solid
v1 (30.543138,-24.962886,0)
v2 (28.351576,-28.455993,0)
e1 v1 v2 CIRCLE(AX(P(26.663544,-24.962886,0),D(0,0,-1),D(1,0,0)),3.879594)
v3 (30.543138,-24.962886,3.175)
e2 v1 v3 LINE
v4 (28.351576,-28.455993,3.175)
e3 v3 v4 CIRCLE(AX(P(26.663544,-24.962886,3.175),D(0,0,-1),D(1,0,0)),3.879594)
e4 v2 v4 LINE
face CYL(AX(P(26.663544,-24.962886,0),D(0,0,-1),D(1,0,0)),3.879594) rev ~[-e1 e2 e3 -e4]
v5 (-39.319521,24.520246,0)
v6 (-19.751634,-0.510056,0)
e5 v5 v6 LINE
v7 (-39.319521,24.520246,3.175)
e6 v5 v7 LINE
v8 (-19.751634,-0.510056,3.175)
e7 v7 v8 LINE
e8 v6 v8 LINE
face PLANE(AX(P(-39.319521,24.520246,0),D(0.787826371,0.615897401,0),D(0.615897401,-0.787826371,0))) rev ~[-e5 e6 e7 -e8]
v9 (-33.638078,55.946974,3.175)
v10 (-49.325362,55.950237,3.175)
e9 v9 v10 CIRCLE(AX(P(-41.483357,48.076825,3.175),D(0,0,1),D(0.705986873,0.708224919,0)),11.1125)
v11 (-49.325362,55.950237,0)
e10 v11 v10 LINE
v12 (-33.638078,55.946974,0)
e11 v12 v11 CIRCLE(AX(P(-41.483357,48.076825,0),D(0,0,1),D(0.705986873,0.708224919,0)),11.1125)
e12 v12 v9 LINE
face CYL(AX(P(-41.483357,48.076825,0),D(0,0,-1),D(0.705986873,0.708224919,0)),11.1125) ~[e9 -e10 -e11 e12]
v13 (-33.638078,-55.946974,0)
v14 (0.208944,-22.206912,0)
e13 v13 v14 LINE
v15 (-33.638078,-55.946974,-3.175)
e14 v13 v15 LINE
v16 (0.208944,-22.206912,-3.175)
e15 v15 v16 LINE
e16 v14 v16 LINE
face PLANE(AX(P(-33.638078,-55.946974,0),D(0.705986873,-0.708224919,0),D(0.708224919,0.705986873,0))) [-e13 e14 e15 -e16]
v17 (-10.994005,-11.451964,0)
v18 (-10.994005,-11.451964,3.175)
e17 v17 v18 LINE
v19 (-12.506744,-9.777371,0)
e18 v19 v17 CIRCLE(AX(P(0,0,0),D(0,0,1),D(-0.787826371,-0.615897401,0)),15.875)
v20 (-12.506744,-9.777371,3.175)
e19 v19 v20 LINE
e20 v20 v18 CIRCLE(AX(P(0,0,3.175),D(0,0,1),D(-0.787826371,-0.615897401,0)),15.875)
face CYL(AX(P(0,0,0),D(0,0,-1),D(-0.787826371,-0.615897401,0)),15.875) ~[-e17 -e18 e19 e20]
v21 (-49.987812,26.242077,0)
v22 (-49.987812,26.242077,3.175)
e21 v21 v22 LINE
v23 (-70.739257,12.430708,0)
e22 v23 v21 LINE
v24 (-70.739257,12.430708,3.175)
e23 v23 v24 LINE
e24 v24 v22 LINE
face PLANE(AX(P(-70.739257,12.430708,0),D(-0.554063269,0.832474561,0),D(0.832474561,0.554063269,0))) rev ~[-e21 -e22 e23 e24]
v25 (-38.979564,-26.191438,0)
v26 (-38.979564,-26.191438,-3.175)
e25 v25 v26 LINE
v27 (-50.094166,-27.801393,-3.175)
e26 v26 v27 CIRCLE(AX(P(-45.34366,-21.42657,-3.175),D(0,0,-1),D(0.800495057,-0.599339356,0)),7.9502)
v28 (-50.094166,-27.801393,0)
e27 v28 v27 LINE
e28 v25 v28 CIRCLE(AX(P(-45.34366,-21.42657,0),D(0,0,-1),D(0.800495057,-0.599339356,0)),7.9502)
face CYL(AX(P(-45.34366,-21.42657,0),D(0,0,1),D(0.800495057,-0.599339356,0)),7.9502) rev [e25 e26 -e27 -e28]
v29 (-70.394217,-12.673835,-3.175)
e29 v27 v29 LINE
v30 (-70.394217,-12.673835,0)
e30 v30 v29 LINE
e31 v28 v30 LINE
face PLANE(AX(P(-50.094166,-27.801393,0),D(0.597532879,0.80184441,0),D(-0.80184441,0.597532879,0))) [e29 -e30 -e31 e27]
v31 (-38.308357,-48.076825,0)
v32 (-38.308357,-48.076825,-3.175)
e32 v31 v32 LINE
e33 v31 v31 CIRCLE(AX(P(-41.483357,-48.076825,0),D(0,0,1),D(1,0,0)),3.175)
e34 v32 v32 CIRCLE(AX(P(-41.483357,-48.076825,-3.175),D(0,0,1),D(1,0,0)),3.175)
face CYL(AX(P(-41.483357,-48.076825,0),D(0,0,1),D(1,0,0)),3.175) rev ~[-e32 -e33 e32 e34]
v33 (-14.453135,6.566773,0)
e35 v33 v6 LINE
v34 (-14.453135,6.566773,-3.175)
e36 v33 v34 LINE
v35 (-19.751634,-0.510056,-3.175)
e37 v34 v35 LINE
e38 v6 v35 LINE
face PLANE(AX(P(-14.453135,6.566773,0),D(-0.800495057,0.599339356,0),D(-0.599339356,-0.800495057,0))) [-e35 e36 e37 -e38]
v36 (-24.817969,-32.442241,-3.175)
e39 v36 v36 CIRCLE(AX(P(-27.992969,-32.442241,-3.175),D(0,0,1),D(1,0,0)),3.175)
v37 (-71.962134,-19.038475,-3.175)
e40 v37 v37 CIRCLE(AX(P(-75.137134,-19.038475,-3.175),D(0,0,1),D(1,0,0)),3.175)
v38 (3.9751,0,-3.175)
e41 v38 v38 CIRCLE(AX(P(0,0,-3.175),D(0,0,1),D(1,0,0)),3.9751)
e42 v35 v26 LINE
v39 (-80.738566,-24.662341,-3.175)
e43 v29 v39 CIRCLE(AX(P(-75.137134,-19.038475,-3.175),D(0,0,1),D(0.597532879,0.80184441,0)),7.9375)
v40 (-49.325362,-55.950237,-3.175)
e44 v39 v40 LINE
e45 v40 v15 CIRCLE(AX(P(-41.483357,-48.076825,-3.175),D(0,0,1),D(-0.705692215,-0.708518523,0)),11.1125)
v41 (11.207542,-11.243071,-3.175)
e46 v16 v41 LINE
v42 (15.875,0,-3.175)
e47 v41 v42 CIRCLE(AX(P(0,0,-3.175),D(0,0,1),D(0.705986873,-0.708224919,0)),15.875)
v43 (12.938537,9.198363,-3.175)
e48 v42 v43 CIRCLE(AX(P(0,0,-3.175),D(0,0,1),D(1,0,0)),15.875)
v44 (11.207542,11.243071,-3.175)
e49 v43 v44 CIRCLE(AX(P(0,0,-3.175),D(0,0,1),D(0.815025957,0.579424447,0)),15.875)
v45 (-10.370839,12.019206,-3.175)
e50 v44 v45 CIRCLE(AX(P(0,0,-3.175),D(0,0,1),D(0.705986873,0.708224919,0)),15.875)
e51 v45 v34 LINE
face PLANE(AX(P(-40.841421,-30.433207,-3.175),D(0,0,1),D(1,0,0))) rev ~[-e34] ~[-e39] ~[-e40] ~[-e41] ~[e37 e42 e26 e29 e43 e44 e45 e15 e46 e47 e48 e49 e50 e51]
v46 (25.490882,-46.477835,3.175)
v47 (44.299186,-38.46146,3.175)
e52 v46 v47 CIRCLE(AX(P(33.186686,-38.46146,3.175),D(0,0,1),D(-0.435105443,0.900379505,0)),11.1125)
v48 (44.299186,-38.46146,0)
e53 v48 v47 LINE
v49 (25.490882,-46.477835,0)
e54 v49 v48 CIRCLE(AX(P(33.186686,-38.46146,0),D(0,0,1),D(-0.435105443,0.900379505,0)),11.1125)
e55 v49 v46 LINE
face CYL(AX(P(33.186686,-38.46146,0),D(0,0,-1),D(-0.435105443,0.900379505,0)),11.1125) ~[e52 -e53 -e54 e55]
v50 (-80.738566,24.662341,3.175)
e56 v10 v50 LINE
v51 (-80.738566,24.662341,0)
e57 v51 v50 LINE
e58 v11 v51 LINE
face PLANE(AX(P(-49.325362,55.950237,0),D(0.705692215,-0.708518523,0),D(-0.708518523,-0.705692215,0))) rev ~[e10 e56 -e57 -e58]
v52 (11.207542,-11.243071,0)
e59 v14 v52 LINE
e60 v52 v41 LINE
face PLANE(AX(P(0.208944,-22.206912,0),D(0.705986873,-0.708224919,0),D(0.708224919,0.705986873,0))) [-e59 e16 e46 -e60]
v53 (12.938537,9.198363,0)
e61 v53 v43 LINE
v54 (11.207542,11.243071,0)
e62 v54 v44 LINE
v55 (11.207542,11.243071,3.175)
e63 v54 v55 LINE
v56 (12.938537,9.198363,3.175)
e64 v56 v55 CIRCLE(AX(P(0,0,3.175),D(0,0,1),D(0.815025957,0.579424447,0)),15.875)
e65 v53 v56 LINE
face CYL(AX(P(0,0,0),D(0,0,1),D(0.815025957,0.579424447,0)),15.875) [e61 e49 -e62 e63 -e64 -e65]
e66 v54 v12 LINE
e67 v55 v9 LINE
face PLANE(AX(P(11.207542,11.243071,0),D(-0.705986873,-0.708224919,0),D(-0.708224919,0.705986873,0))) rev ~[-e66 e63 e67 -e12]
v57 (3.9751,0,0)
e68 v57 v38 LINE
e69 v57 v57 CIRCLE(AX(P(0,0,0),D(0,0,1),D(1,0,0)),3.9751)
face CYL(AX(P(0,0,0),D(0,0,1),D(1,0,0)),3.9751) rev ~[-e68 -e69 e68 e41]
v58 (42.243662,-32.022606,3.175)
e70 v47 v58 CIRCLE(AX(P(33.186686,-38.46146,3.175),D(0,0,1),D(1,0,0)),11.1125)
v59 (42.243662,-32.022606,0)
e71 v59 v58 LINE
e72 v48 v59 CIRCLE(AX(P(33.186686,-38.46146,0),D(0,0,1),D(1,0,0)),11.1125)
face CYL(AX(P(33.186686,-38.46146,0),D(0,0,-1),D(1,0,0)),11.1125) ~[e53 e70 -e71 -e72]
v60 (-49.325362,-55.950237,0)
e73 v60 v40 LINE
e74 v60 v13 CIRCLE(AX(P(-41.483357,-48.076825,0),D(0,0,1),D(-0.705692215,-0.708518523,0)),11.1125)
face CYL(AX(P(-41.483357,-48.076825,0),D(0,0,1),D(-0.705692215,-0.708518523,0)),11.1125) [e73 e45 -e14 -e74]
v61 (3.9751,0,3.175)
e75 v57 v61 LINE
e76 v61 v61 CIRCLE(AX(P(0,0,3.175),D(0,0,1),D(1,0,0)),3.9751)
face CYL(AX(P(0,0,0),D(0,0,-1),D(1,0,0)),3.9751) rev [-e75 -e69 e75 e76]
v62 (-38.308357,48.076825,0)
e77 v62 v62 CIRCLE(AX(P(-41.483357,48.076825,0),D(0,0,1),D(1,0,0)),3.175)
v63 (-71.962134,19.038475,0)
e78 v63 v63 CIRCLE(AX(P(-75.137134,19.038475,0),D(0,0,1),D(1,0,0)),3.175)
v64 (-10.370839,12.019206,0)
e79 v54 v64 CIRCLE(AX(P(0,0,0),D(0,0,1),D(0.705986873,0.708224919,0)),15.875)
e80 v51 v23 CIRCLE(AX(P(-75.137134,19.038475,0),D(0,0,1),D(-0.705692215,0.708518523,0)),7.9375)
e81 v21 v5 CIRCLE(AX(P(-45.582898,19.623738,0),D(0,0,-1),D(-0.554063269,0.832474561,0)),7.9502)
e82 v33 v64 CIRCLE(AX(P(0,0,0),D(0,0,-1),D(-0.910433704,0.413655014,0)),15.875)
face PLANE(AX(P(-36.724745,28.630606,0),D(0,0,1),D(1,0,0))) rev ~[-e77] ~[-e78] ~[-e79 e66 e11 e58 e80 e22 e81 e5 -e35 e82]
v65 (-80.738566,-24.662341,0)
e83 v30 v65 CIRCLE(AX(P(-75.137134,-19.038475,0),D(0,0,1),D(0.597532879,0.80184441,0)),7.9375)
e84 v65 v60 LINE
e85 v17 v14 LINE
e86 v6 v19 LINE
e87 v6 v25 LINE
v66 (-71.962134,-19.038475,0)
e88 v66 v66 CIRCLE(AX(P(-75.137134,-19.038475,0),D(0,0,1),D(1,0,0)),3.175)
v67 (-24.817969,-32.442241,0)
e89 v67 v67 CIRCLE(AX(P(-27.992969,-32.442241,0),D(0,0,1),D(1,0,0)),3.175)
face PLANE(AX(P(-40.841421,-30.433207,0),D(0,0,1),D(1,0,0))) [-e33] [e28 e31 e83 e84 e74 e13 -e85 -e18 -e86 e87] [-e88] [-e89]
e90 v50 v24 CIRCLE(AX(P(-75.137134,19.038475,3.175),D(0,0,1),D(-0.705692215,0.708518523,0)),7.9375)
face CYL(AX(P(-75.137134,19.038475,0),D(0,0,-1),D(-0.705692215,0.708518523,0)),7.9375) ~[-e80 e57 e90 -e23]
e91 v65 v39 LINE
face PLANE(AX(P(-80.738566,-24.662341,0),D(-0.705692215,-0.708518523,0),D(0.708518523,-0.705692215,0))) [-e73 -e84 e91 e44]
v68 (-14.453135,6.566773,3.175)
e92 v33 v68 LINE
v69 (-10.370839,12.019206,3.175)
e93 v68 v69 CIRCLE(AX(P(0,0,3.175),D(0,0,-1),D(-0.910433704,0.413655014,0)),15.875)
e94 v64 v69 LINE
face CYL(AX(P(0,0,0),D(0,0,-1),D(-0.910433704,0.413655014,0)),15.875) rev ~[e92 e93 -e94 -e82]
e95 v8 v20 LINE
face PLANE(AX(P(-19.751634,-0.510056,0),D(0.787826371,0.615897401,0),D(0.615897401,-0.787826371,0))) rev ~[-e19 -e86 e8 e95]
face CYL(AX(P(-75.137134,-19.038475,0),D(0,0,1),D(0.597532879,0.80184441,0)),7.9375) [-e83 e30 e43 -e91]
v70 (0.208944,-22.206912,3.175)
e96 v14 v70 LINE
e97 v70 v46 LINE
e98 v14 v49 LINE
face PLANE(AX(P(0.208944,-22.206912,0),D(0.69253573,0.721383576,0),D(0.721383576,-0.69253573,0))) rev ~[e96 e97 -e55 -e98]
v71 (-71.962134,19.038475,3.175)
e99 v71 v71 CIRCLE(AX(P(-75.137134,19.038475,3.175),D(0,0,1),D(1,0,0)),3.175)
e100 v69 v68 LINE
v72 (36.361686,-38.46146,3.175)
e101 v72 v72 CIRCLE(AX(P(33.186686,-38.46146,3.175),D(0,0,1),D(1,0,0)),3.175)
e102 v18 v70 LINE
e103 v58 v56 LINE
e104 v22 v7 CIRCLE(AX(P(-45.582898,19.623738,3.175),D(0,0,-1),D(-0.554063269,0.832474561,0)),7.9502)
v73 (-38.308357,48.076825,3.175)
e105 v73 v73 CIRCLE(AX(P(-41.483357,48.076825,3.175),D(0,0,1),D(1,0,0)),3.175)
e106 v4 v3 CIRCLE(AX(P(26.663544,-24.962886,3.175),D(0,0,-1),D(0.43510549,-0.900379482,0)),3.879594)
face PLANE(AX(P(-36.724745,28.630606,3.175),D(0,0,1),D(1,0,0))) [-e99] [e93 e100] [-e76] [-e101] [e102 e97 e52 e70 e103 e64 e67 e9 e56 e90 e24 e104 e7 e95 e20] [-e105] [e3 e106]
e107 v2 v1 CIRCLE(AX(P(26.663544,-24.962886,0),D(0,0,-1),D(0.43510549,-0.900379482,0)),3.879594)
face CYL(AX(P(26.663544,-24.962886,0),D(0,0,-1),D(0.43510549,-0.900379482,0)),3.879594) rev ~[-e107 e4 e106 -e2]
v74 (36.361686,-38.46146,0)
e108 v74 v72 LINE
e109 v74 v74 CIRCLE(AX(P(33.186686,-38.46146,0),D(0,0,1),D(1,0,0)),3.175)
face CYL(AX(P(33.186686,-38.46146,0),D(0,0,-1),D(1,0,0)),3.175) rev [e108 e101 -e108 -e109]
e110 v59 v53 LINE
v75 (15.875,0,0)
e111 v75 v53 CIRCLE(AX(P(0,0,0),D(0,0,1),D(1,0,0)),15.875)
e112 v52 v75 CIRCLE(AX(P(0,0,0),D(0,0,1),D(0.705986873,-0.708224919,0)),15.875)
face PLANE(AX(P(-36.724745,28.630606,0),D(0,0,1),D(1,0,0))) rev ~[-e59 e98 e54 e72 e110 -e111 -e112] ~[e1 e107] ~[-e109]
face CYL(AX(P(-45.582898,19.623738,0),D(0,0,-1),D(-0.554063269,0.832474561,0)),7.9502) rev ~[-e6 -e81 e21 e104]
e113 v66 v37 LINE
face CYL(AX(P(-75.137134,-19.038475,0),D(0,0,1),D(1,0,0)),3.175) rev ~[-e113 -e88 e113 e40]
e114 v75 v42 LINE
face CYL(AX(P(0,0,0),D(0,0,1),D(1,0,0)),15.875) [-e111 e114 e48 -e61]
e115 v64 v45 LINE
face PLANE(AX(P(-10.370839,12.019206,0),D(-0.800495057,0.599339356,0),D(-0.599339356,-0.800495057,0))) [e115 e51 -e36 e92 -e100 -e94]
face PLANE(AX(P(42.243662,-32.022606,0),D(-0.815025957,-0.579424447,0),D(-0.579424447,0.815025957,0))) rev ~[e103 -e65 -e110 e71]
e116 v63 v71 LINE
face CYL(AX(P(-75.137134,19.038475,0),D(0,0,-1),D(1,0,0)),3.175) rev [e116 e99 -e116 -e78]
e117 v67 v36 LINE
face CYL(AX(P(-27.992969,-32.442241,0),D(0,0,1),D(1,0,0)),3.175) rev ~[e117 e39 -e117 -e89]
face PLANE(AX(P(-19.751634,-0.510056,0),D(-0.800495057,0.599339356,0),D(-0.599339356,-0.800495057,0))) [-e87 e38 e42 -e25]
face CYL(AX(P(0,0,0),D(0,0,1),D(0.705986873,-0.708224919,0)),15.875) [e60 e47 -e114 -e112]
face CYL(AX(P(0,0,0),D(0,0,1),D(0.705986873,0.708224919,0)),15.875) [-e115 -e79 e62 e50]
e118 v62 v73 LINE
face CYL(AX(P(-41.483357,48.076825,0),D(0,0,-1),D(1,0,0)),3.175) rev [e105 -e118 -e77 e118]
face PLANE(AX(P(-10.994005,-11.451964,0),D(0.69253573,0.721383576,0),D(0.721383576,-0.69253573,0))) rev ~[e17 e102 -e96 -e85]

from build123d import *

# Parameters (mm, degrees)
F0_R     = 3.175
F0_R_2   = 3.9751
F1_DEPTH = 3.175
F0_R_3   = 4.7847729389
F2_DEPTH = 3.175


with BuildPart() as f1:
    # F0 (on Top) → F1 (new body)
    with BuildSketch(Plane.XY):
        with BuildLine():
            ThreePointArc((-10.3708392388, 12.0192062335), (0.5706262755, 15.8647411152), (11.2075416019, 11.2430705877))
            Line((11.2075416019, 11.2430705877), (-33.638077834, 55.9469743452))
            ThreePointArc((-33.638077834, 55.9469743452), (-31.2201137914, 52.3375168972), (-30.3708569553, 48.0768249338))
            ThreePointArc((-30.3708569553, 48.0768249338), (-45.7461833983, 37.8144681398), (-49.3253616963, 55.9502370208))
            Line((-49.3253616963, 55.9502370208), (-80.7385663669, 24.6623408415))
            ThreePointArc((-80.7385663669, 24.6623408415), (-72.0922583783, 26.3687299179), (-67.199634409, 19.0384750651))
            ThreePointArc((-67.199634409, 19.0384750651), (-68.1402759538, 15.2904251711), (-70.7392572141, 12.4307082389))
            Line((-70.7392572141, 12.4307082389), (-49.9878120816, 26.2420774519))
            ThreePointArc((-49.9878120816, 26.2420774519), (-44.3161513857, 27.4723707127), (-39.3195210651, 24.5202457158))
            Line((-39.3195210651, 24.5202457158), (-19.7516338893, -0.5100556405))
            Line((-19.7516338893, -0.5100556405), (-14.4531350546, 6.5667733397))
            ThreePointArc((-14.4531350546, 6.5667733397), (-12.7078590268, 9.5145122815), (-10.3708392388, 12.0192062335))
        make_face()
        with BuildLine():
            ThreePointArc((12.938537065, 9.1983630945), (15.1230767522, 4.8278540312), (15.875, 0))
            ThreePointArc((15.875, 0), (14.6617759485, -6.0867028049), (11.2075416019, -11.2430705877))
            Line((11.2075416019, -11.2430705877), (0.2089441574, -22.2069116008))
            Line((0.2089441574, -22.2069116008), (25.4908822689, -46.4778349313))
            ThreePointArc((25.4908822689, -46.4778349313), (22.2115936915, -36.7193306078), (28.3515763267, -28.455992696))
            ThreePointArc((28.3515763267, -28.455992696), (35.9500570285, -27.6980295273), (42.2436615098, -32.0226057809))
            Line((42.2436615098, -32.0226057809), (12.938537065, 9.1983630945))
        make_face()
        with BuildLine():
            ThreePointArc((30.54313765, -24.9628859014), (29.9498889636, -27.0247258632), (28.3515763267, -28.455992696))
            ThreePointArc((28.3515763267, -28.455992696), (23.3771984315, -22.9010459396), (30.54313765, -24.9628859014))
        make_face(mode=Mode.SUBTRACT)
        with BuildLine():
            Line((0.2089441574, -22.2069116008), (11.2075416019, -11.2430705877))
            ThreePointArc((11.2075416019, -11.2430705877), (0.1493607821, -15.87429735), (-10.9940047077, -11.4519642633))
            Line((-10.9940047077, -11.4519642633), (0.2089441574, -22.2069116008))
        make_face()
        with BuildLine():
            Line((-19.7516338893, -0.5100556405), (-12.5067436464, -9.77737124))
            ThreePointArc((-12.5067436464, -9.77737124), (-15.7636141288, -1.8772572008), (-14.4531350546, 6.5667733397))
            Line((-14.4531350546, 6.5667733397), (-19.7516338893, -0.5100556405))
        make_face()
        with BuildLine():
            ThreePointArc((-67.199634409, 19.0384750651), (-72.0922583783, 26.3687299179), (-80.7385663669, 24.6623408415))
            ThreePointArc((-80.7385663669, 24.6623408415), (-81.2824859082, 14.0146755864), (-70.7392572141, 12.4307082389))
            ThreePointArc((-70.7392572141, 12.4307082389), (-68.1402759538, 15.2904251711), (-67.199634409, 19.0384750651))
        make_face()
        with Locations((-75.137134409, 19.0384750651)):
            Circle(F0_R, mode=Mode.SUBTRACT)
        with BuildLine():
            ThreePointArc((-30.3708569553, 48.0768249338), (-31.2201137914, 52.3375168972), (-33.638077834, 55.9469743452))
            ThreePointArc((-33.638077834, 55.9469743452), (-41.4810457533, 59.1893246935), (-49.3253616963, 55.9502370208))
            ThreePointArc((-49.3253616963, 55.9502370208), (-45.7461833983, 37.8144681398), (-30.3708569553, 48.0768249338))
        make_face()
        with Locations((-41.4833569553, 48.0768249338)):
            Circle(F0_R, mode=Mode.SUBTRACT)
        with BuildLine():
            ThreePointArc((11.2075416019, -11.2430705877), (14.6617759485, -6.0867028049), (15.875, 0))
            ThreePointArc((15.875, 0), (15.1230767522, 4.8278540312), (12.938537065, 9.1983630945))
            ThreePointArc((12.938537065, 9.1983630945), (12.1162488391, 10.2572968695), (11.2075416019, 11.2430705877))
            ThreePointArc((11.2075416019, 11.2430705877), (0.5706262755, 15.8647411152), (-10.3708392388, 12.0192062335))
            Line((-10.3708392388, 12.0192062335), (-14.4531350546, 6.5667733397))
            ThreePointArc((-14.4531350546, 6.5667733397), (-15.7636141288, -1.8772572008), (-12.5067436464, -9.77737124))
            ThreePointArc((-12.5067436464, -9.77737124), (-11.7801680272, -10.6415819431), (-10.9940047077, -11.4519642633))
            ThreePointArc((-10.9940047077, -11.4519642633), (0.1493607821, -15.87429735), (11.2075416019, -11.2430705877))
        make_face()
        Circle(F0_R_2, mode=Mode.SUBTRACT)
        with BuildLine():
            ThreePointArc((44.2991855643, -38.461459947), (43.7728392908, -35.0819621252), (42.2436615098, -32.0226057809))
            ThreePointArc((42.2436615098, -32.0226057809), (35.9500570285, -27.6980295273), (28.3515763267, -28.455992696))
            ThreePointArc((28.3515763267, -28.455992696), (22.2115936915, -36.7193306078), (25.4908822689, -46.4778349313))
            ThreePointArc((25.4908822689, -46.4778349313), (37.5437512127, -48.6841618983), (44.2991855643, -38.461459947))
        make_face()
        with Locations((33.1866855643, -38.461459947)):
            Circle(F0_R, mode=Mode.SUBTRACT)
    extrude(amount=F1_DEPTH)

    # F0 (on Top) → F2 (join)
    with BuildSketch(Plane.XY):
        with BuildLine():
            Line((0.2089441574, -22.2069116008), (-10.9940047077, -11.4519642633))
            ThreePointArc((-10.9940047077, -11.4519642633), (-11.7801680272, -10.6415819431), (-12.5067436464, -9.77737124))
            Line((-12.5067436464, -9.77737124), (-19.7516338893, -0.5100556405))
            Line((-19.7516338893, -0.5100556405), (-38.9795640629, -26.1914378064))
            ThreePointArc((-38.9795640629, -26.1914378064), (-44.2039636671, -29.2946557582), (-50.094165758, -27.8013934876))
            Line((-50.094165758, -27.8013934876), (-70.3942171821, -12.6738350573))
            ThreePointArc((-70.3942171821, -12.6738350573), (-68.0430942435, -15.4777868759), (-67.199634409, -19.0384750651))
            ThreePointArc((-67.199634409, -19.0384750651), (-72.0922583783, -26.3687299179), (-80.7385663669, -24.6623408415))
            Line((-80.7385663669, -24.6623408415), (-49.3253616963, -55.9502370208))
            ThreePointArc((-49.3253616963, -55.9502370208), (-52.5667768464, -48.8802300418), (-50.3788582741, -41.4166663368))
            ThreePointArc((-50.3788582741, -41.4166663368), (-43.076382789, -37.0791013083), (-34.8432728377, -39.1663289229))
            ThreePointArc((-34.8432728377, -39.1663289229), (-31.5517007237, -43.0918614689), (-30.3708569553, -48.0768249338))
            ThreePointArc((-30.3708569553, -48.0768249338), (-31.2201137914, -52.3375168972), (-33.638077834, -55.9469743452))
            Line((-33.638077834, -55.9469743452), (0.2089441574, -22.2069116008))
        make_face()
        with Locations((-27.9929692735, -32.4422414653)):
            Circle(F0_R_3, mode=Mode.SUBTRACT)
        with BuildLine():
            Line((0.2089441574, -22.2069116008), (11.2075416019, -11.2430705877))
            ThreePointArc((11.2075416019, -11.2430705877), (0.1493607821, -15.87429735), (-10.9940047077, -11.4519642633))
            Line((-10.9940047077, -11.4519642633), (0.2089441574, -22.2069116008))
        make_face()
        with BuildLine():
            Line((-19.7516338893, -0.5100556405), (-12.5067436464, -9.77737124))
            ThreePointArc((-12.5067436464, -9.77737124), (-15.7636141288, -1.8772572008), (-14.4531350546, 6.5667733397))
            Line((-14.4531350546, 6.5667733397), (-19.7516338893, -0.5100556405))
        make_face()
        with BuildLine():
            ThreePointArc((11.2075416019, -11.2430705877), (14.6617759485, -6.0867028049), (15.875, 0))
            ThreePointArc((15.875, 0), (15.1230767522, 4.8278540312), (12.938537065, 9.1983630945))
            ThreePointArc((12.938537065, 9.1983630945), (12.1162488391, 10.2572968695), (11.2075416019, 11.2430705877))
            ThreePointArc((11.2075416019, 11.2430705877), (0.5706262755, 15.8647411152), (-10.3708392388, 12.0192062335))
            Line((-10.3708392388, 12.0192062335), (-14.4531350546, 6.5667733397))
            ThreePointArc((-14.4531350546, 6.5667733397), (-15.7636141288, -1.8772572008), (-12.5067436464, -9.77737124))
            ThreePointArc((-12.5067436464, -9.77737124), (-11.7801680272, -10.6415819431), (-10.9940047077, -11.4519642633))
            ThreePointArc((-10.9940047077, -11.4519642633), (0.1493607821, -15.87429735), (11.2075416019, -11.2430705877))
        make_face()
        Circle(F0_R_2, mode=Mode.SUBTRACT)
        with Locations((-27.9929692735, -32.4422414653)):
            Circle(F0_R_3)
        with Locations((-27.9929692735, -32.4422414653)):
            Circle(F0_R, mode=Mode.SUBTRACT)
        with BuildLine():
            ThreePointArc((-49.3253616963, -55.9502370208), (-41.4810457533, -59.1893246935), (-33.638077834, -55.9469743452))
            ThreePointArc((-33.638077834, -55.9469743452), (-31.2201137914, -52.3375168972), (-30.3708569553, -48.0768249338))
            ThreePointArc((-30.3708569553, -48.0768249338), (-31.5517007237, -43.0918614689), (-34.8432728377, -39.1663289229))
            ThreePointArc((-34.8432728377, -39.1663289229), (-43.076382789, -37.0791013083), (-50.3788582741, -41.4166663368))
            ThreePointArc((-50.3788582741, -41.4166663368), (-52.5667768464, -48.8802300418), (-49.3253616963, -55.9502370208))
        make_face()
        with Locations((-41.4833569553, -48.0768249338)):
            Circle(F0_R, mode=Mode.SUBTRACT)
        with BuildLine():
            ThreePointArc((-70.3942171821, -12.6738350573), (-81.1467375257, -13.8530554456), (-80.7385663669, -24.6623408415))
            ThreePointArc((-80.7385663669, -24.6623408415), (-72.0922583783, -26.3687299179), (-67.199634409, -19.0384750651))
            ThreePointArc((-67.199634409, -19.0384750651), (-68.0430942435, -15.4777868759), (-70.3942171821, -12.6738350573))
        make_face()
        with Locations((-75.137134409, -19.0384750651)):
            Circle(F0_R, mode=Mode.SUBTRACT)
    extrude(amount=-F2_DEPTH)


solid = f1.part
